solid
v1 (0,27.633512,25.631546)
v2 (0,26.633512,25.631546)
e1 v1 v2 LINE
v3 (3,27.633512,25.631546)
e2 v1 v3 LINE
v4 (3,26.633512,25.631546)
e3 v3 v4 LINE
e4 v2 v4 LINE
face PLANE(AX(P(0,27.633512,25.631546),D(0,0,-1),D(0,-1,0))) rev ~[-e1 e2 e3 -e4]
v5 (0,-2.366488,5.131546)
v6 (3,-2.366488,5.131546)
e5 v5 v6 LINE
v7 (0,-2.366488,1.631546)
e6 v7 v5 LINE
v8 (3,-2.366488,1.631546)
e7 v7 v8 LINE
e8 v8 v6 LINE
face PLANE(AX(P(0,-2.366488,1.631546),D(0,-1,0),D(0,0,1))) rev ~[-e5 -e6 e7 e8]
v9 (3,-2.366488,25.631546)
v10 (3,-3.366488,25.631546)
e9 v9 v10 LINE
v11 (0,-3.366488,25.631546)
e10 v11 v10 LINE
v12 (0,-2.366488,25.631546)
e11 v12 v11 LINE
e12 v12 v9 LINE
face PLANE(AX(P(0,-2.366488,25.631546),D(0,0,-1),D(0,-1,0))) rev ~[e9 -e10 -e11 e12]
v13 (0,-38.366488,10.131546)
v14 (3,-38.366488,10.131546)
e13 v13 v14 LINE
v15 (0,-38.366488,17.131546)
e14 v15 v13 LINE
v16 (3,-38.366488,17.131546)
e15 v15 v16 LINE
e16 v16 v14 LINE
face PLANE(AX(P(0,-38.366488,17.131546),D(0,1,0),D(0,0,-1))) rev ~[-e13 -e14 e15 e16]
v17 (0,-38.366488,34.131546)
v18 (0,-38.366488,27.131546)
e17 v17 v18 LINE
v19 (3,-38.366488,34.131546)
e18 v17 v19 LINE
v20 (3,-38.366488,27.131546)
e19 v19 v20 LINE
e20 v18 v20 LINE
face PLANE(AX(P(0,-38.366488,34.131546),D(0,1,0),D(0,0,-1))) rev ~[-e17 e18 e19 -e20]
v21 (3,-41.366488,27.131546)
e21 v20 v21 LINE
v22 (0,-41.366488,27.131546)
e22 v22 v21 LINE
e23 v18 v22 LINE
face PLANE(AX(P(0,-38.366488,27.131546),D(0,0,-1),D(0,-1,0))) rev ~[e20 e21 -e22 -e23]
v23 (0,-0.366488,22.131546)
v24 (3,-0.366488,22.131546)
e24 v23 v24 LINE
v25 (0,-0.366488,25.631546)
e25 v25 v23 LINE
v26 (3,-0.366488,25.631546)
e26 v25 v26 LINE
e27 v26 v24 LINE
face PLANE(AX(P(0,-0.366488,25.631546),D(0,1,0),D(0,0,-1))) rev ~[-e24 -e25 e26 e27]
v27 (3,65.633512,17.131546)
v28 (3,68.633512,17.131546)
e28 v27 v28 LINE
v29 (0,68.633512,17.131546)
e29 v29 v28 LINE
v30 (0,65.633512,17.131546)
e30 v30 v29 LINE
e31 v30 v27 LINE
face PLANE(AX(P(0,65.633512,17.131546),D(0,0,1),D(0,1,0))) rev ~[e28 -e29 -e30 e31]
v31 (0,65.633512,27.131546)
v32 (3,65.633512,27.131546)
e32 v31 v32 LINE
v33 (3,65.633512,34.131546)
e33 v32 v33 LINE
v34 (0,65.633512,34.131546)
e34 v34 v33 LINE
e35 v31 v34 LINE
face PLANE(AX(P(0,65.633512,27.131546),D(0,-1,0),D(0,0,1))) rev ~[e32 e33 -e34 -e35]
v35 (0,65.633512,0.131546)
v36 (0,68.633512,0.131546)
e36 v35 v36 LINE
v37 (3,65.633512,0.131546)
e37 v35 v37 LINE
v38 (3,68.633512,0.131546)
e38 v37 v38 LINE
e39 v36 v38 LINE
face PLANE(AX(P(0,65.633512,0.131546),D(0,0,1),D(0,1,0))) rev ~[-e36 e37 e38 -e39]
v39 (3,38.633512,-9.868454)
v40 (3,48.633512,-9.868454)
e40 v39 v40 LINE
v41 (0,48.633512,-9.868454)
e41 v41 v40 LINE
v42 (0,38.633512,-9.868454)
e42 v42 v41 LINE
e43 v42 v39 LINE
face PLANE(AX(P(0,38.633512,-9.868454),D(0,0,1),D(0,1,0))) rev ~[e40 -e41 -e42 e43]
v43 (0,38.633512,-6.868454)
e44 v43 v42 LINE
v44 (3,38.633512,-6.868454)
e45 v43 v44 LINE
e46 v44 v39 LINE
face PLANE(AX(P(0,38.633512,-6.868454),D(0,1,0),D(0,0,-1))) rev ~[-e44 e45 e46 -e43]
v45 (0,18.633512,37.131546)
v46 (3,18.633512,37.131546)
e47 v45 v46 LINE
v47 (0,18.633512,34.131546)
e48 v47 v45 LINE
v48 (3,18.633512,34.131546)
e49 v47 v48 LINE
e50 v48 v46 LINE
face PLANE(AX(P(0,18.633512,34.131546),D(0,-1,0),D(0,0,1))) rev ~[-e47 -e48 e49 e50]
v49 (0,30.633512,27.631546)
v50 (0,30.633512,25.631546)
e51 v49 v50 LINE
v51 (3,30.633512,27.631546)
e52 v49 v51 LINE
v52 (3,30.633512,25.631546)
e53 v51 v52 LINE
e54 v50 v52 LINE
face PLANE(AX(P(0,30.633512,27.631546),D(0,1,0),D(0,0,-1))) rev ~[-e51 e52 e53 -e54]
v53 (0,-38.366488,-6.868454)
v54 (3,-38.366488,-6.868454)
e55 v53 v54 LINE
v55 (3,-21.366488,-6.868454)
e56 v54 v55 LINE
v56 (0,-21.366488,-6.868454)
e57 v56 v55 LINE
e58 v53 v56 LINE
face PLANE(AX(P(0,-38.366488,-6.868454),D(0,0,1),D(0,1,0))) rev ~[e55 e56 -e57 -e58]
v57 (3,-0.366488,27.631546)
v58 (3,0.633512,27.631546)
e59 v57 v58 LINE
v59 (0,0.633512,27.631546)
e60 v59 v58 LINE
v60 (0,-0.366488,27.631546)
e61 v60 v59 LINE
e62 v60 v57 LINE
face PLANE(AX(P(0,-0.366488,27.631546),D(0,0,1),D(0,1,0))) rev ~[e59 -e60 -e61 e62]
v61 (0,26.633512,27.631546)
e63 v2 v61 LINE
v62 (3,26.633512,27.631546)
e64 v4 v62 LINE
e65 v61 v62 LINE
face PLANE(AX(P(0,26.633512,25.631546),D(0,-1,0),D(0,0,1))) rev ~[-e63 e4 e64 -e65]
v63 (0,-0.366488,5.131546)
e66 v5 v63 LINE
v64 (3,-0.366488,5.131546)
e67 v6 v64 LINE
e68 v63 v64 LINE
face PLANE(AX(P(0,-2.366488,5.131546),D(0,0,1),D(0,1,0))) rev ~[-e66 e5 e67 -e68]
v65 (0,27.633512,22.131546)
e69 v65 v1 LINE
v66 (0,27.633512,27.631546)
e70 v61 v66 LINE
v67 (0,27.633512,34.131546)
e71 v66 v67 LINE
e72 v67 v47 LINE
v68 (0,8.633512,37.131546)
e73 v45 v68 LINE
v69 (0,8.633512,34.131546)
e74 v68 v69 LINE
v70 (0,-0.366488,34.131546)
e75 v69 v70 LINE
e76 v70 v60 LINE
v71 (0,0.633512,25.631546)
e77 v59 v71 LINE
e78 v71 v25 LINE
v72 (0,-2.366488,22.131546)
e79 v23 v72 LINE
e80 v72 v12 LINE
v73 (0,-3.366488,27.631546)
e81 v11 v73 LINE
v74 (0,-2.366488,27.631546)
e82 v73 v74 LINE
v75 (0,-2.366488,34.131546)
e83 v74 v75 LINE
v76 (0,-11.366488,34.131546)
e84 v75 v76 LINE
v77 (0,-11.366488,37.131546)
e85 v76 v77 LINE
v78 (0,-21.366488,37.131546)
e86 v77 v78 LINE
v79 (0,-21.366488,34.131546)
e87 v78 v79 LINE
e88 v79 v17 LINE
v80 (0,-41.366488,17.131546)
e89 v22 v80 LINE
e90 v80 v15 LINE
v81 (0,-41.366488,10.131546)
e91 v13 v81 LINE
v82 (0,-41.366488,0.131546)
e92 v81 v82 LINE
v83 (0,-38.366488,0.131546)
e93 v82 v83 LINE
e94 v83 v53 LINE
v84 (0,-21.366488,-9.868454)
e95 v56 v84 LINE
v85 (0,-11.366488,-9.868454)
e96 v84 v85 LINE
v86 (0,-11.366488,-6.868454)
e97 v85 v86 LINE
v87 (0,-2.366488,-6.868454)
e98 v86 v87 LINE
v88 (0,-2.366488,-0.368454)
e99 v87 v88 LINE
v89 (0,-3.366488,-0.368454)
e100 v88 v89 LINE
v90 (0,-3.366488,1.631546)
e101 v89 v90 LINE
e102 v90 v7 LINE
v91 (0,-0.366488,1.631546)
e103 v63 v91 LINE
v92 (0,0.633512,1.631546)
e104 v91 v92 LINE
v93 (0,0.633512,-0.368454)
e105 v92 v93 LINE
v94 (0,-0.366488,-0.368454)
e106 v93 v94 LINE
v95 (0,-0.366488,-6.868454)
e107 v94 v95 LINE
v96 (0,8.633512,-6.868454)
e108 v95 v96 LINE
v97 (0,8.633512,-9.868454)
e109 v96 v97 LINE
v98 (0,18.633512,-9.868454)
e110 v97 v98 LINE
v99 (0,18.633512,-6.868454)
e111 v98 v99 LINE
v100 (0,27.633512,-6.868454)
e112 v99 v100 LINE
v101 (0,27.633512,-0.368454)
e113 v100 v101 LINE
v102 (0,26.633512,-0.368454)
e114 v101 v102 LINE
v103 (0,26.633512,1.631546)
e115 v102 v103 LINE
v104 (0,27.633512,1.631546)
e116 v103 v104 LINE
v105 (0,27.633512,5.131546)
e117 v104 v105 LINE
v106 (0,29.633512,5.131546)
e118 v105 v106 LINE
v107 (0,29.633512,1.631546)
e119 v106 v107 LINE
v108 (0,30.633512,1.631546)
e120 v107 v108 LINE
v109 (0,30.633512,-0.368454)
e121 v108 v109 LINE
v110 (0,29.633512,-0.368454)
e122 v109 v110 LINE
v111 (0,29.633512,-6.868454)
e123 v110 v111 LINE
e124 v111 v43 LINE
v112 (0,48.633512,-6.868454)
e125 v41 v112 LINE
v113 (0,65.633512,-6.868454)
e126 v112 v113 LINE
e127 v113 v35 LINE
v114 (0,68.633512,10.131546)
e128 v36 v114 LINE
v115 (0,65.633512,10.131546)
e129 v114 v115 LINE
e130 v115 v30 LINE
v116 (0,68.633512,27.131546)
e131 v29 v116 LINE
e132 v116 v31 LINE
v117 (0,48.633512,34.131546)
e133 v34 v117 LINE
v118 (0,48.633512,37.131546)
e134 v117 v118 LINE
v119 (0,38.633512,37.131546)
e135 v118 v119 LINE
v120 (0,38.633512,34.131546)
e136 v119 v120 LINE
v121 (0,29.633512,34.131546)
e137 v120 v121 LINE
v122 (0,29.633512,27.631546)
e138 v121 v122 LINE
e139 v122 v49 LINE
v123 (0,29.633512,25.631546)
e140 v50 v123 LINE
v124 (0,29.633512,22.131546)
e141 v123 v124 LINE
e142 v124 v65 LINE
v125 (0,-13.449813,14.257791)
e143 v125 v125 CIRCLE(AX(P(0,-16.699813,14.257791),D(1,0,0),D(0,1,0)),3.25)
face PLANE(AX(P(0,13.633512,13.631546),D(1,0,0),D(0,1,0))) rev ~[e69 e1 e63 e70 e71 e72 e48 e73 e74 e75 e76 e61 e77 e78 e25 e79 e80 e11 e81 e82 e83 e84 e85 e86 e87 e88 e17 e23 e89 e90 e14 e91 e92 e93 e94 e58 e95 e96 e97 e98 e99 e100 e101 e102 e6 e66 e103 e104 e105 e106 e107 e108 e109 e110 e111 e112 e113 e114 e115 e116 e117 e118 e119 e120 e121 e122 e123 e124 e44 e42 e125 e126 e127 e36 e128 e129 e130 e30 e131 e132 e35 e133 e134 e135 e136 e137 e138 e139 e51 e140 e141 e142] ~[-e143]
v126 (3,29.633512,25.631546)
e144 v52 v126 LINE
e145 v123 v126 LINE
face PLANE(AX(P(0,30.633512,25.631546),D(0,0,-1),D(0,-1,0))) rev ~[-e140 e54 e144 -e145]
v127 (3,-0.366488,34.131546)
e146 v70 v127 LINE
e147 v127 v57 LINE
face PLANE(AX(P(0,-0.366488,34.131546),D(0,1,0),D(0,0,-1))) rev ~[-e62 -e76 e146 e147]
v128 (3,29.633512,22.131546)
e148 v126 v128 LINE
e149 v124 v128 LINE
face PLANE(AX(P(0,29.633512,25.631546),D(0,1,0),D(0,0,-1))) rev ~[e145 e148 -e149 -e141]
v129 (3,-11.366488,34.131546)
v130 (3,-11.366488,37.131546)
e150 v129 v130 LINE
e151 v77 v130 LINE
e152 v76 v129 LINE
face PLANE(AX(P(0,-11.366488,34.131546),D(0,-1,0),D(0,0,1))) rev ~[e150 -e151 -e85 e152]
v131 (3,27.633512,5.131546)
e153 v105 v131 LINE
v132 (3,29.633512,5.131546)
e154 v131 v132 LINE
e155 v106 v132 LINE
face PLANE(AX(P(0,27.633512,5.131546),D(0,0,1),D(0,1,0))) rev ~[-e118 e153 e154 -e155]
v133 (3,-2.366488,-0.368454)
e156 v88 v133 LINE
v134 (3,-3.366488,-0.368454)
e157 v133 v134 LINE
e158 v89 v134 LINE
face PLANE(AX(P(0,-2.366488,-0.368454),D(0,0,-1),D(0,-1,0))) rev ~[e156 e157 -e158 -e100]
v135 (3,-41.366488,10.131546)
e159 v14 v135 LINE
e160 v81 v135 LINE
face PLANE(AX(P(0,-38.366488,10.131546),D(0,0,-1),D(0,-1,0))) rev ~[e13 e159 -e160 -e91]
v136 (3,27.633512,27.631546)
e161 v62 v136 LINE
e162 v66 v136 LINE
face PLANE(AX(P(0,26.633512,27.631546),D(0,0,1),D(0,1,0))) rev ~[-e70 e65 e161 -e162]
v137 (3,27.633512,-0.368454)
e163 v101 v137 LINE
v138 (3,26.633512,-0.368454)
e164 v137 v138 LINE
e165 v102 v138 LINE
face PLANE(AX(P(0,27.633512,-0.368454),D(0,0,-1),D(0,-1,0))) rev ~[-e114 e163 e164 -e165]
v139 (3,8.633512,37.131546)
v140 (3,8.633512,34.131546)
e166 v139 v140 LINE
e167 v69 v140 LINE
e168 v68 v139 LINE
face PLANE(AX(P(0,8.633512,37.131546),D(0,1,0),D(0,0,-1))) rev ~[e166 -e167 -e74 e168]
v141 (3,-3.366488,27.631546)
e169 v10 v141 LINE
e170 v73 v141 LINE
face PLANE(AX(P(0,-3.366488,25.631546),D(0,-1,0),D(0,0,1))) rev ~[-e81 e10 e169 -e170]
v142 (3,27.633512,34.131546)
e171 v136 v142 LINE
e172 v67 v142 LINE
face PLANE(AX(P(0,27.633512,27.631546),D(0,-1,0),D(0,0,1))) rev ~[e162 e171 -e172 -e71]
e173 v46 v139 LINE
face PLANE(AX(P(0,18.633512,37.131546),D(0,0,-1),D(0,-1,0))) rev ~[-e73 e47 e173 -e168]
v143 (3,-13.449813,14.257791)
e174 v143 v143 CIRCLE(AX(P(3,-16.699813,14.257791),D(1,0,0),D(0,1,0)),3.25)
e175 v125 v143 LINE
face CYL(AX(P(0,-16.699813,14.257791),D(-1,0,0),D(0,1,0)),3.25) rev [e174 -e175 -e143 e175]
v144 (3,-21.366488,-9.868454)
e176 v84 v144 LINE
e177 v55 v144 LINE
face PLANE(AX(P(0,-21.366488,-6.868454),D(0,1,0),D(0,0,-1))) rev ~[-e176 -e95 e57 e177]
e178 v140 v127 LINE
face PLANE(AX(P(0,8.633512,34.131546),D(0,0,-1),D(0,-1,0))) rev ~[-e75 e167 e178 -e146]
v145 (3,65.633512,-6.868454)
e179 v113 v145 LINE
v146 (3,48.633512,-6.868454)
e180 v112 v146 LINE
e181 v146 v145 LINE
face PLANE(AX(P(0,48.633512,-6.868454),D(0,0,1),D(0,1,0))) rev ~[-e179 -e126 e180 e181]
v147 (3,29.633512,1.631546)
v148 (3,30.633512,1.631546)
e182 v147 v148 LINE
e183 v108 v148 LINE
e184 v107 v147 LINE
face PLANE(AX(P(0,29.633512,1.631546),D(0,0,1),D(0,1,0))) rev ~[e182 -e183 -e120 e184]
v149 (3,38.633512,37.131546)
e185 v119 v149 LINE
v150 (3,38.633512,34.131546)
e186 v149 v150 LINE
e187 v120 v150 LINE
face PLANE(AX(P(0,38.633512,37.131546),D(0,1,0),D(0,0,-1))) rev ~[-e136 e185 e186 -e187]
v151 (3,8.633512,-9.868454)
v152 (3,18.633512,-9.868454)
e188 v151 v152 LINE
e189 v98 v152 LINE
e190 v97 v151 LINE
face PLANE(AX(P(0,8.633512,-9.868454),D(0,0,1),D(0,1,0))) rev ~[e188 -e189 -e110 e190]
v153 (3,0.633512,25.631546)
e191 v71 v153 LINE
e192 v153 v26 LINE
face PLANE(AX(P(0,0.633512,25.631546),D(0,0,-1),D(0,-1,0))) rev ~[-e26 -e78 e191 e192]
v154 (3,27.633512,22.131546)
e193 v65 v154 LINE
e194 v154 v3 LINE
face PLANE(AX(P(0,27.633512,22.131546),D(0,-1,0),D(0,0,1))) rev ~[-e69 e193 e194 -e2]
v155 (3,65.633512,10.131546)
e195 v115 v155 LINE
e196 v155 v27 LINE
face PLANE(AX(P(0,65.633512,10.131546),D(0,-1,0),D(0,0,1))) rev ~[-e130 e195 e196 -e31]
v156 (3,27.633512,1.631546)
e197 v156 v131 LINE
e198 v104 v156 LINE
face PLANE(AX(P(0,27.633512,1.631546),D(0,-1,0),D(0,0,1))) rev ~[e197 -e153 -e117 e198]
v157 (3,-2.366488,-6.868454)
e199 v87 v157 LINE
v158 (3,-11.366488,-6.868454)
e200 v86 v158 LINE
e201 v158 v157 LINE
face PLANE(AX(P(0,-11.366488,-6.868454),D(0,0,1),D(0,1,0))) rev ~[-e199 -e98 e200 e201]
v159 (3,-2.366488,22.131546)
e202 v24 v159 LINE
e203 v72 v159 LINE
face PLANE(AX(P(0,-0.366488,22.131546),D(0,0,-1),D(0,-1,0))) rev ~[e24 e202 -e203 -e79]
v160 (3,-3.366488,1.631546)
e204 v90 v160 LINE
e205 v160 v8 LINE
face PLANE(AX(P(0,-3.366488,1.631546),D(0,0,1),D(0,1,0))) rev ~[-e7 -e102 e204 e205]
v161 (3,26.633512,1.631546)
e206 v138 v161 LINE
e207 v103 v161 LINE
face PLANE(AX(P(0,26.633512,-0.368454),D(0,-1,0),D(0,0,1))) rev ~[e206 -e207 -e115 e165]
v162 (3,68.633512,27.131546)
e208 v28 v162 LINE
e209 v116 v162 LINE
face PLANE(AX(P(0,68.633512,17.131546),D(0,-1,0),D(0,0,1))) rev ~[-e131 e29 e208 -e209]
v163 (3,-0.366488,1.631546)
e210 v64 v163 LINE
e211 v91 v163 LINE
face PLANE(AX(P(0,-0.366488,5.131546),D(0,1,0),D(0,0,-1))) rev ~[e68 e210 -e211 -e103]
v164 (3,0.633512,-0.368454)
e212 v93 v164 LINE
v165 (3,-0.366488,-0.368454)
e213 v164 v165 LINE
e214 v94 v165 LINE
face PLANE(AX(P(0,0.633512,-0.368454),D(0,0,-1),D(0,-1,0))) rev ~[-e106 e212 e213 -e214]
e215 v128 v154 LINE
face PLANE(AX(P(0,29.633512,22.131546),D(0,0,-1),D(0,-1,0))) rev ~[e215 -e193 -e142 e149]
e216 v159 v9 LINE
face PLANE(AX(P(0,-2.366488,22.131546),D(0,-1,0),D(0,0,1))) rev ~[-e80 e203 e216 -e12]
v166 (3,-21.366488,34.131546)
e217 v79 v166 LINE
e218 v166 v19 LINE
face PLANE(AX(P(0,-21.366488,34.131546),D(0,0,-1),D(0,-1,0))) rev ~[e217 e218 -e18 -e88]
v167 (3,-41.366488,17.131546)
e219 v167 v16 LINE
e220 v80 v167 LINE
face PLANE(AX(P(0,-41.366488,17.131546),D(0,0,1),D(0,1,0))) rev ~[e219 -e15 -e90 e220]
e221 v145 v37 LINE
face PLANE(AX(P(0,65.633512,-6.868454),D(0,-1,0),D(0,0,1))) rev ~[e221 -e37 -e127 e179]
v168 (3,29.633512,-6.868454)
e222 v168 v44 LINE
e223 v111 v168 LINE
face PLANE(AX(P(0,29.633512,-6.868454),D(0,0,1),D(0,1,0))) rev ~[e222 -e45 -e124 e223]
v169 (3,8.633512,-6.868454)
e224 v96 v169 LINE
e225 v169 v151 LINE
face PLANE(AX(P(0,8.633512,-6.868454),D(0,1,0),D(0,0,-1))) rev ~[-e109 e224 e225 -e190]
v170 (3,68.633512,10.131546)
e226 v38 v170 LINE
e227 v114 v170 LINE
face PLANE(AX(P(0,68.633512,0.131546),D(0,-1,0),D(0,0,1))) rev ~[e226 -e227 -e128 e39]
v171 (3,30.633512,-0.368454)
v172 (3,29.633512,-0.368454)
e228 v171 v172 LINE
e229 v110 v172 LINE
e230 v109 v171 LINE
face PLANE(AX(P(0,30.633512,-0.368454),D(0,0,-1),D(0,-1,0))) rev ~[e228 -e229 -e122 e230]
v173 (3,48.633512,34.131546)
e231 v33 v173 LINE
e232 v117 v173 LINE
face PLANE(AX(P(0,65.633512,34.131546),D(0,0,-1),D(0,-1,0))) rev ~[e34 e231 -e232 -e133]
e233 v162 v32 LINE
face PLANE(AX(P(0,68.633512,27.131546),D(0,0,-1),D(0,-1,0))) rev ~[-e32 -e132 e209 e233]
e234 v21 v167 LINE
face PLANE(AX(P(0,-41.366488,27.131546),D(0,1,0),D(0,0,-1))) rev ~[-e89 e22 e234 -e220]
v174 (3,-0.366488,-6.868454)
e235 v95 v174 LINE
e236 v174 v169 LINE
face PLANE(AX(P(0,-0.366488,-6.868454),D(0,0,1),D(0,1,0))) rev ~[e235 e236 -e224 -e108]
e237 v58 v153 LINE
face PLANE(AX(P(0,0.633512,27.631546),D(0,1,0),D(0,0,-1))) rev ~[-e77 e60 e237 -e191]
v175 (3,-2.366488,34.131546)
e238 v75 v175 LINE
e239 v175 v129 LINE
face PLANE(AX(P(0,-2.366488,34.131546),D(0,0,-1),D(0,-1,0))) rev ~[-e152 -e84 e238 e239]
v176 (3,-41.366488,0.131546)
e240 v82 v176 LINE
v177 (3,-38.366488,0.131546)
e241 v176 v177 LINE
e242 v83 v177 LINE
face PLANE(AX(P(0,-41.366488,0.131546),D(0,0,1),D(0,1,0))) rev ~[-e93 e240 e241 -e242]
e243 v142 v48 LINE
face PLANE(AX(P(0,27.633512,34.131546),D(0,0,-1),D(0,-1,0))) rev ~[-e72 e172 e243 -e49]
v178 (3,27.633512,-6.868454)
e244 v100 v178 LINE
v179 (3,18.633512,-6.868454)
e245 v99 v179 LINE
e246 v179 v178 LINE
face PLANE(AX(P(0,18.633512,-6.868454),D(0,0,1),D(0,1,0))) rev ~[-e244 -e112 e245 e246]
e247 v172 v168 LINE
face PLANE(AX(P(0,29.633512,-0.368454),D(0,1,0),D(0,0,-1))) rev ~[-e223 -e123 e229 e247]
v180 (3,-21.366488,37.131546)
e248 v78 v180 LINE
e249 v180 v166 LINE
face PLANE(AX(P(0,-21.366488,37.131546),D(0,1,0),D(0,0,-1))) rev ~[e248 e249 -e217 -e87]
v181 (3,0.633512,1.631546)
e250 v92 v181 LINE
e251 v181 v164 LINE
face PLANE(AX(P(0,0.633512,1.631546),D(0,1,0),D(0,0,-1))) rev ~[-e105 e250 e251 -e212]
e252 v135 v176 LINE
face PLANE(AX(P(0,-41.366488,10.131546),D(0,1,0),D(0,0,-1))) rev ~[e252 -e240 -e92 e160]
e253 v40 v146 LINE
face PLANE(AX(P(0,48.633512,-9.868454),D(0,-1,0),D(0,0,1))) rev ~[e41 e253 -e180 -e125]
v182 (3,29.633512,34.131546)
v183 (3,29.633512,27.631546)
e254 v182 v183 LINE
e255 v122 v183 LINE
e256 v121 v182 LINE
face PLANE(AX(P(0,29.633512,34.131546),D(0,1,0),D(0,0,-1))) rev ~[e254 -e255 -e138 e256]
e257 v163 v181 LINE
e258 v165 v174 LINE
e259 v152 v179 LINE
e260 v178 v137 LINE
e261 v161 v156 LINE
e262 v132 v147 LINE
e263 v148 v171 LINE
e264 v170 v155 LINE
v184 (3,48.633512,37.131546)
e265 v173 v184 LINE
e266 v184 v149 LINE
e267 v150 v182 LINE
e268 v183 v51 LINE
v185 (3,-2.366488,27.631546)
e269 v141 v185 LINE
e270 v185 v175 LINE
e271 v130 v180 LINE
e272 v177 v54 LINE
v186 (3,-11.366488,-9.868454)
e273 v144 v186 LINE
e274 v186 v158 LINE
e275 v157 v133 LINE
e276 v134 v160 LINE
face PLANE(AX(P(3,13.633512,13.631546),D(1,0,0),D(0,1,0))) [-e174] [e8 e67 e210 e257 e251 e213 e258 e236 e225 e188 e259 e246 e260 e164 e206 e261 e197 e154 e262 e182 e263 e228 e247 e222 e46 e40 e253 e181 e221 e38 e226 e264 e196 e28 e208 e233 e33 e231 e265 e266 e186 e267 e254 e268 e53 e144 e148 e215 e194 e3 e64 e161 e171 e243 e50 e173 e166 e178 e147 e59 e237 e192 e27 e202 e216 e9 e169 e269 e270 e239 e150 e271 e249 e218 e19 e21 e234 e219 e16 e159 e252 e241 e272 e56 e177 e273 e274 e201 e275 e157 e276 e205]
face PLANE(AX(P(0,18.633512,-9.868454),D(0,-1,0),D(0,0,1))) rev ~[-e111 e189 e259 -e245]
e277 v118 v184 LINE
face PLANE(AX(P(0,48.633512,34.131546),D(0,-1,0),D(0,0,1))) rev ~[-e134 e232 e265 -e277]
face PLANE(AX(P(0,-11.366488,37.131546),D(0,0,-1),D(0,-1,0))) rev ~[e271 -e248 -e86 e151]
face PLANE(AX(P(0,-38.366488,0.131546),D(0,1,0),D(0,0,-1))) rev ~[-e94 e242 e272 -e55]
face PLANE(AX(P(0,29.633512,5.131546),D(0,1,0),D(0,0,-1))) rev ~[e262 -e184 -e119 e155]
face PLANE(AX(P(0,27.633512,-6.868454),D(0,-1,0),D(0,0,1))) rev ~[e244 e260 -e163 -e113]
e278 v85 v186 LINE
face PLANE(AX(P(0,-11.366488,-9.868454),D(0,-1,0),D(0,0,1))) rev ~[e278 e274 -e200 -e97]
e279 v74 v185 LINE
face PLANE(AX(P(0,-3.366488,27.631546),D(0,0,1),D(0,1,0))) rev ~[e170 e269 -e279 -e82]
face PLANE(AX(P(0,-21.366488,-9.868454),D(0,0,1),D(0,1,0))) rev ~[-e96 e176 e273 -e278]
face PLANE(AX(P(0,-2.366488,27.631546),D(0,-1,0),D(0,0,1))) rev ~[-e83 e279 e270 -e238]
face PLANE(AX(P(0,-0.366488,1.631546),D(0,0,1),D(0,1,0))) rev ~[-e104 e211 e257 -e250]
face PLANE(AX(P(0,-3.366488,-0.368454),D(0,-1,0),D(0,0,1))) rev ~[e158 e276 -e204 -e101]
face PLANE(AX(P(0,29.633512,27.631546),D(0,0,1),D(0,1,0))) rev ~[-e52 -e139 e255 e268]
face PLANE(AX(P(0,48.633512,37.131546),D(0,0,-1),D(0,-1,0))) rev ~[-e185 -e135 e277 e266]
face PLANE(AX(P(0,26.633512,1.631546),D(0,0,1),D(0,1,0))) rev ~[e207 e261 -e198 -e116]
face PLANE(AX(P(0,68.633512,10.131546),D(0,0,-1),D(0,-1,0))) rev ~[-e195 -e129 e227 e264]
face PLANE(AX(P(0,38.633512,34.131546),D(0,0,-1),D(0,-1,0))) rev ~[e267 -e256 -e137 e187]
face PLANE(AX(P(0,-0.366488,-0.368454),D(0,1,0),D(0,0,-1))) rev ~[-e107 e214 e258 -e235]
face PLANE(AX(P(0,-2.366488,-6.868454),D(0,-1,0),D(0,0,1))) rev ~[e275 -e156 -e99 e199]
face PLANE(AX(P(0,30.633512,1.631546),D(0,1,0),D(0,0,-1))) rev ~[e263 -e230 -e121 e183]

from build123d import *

# Parameters (mm, degrees)
F0_R     = 3.25
F1_DEPTH = 3


with BuildPart() as f1:
    # F0 (on Right) → F1 (new body)
    with BuildSketch(Plane.YZ):
        Polygon((-38.366488, 0.131546), (-38.366488, -6.868454), (-21.366488, -6.868454), (-21.366488, -9.868454), (-11.366488, -9.868454), (-11.366488, -6.868454), (-2.366488, -6.868454), (-2.366488, -0.368454), (-3.366488, -0.368454), (-3.366488, 1.631546), (-2.366488, 1.631546), (-2.366488, 5.131546), (-0.366488, 5.131546), (-0.366488, 1.631546), (0.633512, 1.631546), (0.633512, -0.368454), (-0.366488, -0.368454), (-0.366488, -6.868454), (8.633512, -6.868454), (8.633512, -9.868454), (13.633512, -9.868454), (18.633512, -9.868454), (18.633512, -6.868454), (27.633512, -6.868454), (27.633512, -0.368454), (26.633512, -0.368454), (26.633512, 1.631546), (27.633512, 1.631546), (27.633512, 5.131546), (29.633512, 5.131546), (29.633512, 1.631546), (30.633512, 1.631546), (30.633512, -0.368454), (29.633512, -0.368454), (29.633512, -6.868454), (38.633512, -6.868454), (38.633512, -9.868454), (48.633512, -9.868454), (48.633512, -6.868454), (65.633512, -6.868454), (65.633512, 0.131546), (68.633512, 0.131546), (68.633512, 10.131546), (65.633512, 10.131546), (65.633512, 17.131546), (68.633512, 17.131546), (68.633512, 27.131546), (65.633512, 27.131546), (65.633512, 34.131546), (48.633512, 34.131546), (48.633512, 37.131546), (38.633512, 37.131546), (38.633512, 34.131546), (29.633512, 34.131546), (29.633512, 27.631546), (30.633512, 27.631546), (30.633512, 25.631546), (29.633512, 25.631546), (29.633512, 22.131546), (27.633512, 22.131546), (27.633512, 25.631546), (26.633512, 25.631546), (26.633512, 27.631546), (27.633512, 27.631546), (27.633512, 34.131546), (18.633512, 34.131546), (18.633512, 37.131546), (13.633512, 37.131546), (8.633512, 37.131546), (8.633512, 34.131546), (-0.366488, 34.131546), (-0.366488, 27.631546), (0.633512, 27.631546), (0.633512, 25.631546), (-0.366488, 25.631546), (-0.366488, 22.131546), (-2.366488, 22.131546), (-2.366488, 25.631546), (-3.366488, 25.631546), (-3.366488, 27.631546), (-2.366488, 27.631546), (-2.366488, 34.131546), (-11.366488, 34.131546), (-11.366488, 37.131546), (-21.366488, 37.131546), (-21.366488, 34.131546), (-38.366488, 34.131546), (-38.366488, 27.131546), (-41.366488, 27.131546), (-41.366488, 17.131546), (-38.366488, 17.131546), (-38.366488, 10.131546), (-41.366488, 10.131546), (-41.366488, 0.131546), align=None)
        with Locations((-16.699813, 14.257791)):
            Circle(F0_R, mode=Mode.SUBTRACT)
    extrude(amount=F1_DEPTH)


solid = f1.part
